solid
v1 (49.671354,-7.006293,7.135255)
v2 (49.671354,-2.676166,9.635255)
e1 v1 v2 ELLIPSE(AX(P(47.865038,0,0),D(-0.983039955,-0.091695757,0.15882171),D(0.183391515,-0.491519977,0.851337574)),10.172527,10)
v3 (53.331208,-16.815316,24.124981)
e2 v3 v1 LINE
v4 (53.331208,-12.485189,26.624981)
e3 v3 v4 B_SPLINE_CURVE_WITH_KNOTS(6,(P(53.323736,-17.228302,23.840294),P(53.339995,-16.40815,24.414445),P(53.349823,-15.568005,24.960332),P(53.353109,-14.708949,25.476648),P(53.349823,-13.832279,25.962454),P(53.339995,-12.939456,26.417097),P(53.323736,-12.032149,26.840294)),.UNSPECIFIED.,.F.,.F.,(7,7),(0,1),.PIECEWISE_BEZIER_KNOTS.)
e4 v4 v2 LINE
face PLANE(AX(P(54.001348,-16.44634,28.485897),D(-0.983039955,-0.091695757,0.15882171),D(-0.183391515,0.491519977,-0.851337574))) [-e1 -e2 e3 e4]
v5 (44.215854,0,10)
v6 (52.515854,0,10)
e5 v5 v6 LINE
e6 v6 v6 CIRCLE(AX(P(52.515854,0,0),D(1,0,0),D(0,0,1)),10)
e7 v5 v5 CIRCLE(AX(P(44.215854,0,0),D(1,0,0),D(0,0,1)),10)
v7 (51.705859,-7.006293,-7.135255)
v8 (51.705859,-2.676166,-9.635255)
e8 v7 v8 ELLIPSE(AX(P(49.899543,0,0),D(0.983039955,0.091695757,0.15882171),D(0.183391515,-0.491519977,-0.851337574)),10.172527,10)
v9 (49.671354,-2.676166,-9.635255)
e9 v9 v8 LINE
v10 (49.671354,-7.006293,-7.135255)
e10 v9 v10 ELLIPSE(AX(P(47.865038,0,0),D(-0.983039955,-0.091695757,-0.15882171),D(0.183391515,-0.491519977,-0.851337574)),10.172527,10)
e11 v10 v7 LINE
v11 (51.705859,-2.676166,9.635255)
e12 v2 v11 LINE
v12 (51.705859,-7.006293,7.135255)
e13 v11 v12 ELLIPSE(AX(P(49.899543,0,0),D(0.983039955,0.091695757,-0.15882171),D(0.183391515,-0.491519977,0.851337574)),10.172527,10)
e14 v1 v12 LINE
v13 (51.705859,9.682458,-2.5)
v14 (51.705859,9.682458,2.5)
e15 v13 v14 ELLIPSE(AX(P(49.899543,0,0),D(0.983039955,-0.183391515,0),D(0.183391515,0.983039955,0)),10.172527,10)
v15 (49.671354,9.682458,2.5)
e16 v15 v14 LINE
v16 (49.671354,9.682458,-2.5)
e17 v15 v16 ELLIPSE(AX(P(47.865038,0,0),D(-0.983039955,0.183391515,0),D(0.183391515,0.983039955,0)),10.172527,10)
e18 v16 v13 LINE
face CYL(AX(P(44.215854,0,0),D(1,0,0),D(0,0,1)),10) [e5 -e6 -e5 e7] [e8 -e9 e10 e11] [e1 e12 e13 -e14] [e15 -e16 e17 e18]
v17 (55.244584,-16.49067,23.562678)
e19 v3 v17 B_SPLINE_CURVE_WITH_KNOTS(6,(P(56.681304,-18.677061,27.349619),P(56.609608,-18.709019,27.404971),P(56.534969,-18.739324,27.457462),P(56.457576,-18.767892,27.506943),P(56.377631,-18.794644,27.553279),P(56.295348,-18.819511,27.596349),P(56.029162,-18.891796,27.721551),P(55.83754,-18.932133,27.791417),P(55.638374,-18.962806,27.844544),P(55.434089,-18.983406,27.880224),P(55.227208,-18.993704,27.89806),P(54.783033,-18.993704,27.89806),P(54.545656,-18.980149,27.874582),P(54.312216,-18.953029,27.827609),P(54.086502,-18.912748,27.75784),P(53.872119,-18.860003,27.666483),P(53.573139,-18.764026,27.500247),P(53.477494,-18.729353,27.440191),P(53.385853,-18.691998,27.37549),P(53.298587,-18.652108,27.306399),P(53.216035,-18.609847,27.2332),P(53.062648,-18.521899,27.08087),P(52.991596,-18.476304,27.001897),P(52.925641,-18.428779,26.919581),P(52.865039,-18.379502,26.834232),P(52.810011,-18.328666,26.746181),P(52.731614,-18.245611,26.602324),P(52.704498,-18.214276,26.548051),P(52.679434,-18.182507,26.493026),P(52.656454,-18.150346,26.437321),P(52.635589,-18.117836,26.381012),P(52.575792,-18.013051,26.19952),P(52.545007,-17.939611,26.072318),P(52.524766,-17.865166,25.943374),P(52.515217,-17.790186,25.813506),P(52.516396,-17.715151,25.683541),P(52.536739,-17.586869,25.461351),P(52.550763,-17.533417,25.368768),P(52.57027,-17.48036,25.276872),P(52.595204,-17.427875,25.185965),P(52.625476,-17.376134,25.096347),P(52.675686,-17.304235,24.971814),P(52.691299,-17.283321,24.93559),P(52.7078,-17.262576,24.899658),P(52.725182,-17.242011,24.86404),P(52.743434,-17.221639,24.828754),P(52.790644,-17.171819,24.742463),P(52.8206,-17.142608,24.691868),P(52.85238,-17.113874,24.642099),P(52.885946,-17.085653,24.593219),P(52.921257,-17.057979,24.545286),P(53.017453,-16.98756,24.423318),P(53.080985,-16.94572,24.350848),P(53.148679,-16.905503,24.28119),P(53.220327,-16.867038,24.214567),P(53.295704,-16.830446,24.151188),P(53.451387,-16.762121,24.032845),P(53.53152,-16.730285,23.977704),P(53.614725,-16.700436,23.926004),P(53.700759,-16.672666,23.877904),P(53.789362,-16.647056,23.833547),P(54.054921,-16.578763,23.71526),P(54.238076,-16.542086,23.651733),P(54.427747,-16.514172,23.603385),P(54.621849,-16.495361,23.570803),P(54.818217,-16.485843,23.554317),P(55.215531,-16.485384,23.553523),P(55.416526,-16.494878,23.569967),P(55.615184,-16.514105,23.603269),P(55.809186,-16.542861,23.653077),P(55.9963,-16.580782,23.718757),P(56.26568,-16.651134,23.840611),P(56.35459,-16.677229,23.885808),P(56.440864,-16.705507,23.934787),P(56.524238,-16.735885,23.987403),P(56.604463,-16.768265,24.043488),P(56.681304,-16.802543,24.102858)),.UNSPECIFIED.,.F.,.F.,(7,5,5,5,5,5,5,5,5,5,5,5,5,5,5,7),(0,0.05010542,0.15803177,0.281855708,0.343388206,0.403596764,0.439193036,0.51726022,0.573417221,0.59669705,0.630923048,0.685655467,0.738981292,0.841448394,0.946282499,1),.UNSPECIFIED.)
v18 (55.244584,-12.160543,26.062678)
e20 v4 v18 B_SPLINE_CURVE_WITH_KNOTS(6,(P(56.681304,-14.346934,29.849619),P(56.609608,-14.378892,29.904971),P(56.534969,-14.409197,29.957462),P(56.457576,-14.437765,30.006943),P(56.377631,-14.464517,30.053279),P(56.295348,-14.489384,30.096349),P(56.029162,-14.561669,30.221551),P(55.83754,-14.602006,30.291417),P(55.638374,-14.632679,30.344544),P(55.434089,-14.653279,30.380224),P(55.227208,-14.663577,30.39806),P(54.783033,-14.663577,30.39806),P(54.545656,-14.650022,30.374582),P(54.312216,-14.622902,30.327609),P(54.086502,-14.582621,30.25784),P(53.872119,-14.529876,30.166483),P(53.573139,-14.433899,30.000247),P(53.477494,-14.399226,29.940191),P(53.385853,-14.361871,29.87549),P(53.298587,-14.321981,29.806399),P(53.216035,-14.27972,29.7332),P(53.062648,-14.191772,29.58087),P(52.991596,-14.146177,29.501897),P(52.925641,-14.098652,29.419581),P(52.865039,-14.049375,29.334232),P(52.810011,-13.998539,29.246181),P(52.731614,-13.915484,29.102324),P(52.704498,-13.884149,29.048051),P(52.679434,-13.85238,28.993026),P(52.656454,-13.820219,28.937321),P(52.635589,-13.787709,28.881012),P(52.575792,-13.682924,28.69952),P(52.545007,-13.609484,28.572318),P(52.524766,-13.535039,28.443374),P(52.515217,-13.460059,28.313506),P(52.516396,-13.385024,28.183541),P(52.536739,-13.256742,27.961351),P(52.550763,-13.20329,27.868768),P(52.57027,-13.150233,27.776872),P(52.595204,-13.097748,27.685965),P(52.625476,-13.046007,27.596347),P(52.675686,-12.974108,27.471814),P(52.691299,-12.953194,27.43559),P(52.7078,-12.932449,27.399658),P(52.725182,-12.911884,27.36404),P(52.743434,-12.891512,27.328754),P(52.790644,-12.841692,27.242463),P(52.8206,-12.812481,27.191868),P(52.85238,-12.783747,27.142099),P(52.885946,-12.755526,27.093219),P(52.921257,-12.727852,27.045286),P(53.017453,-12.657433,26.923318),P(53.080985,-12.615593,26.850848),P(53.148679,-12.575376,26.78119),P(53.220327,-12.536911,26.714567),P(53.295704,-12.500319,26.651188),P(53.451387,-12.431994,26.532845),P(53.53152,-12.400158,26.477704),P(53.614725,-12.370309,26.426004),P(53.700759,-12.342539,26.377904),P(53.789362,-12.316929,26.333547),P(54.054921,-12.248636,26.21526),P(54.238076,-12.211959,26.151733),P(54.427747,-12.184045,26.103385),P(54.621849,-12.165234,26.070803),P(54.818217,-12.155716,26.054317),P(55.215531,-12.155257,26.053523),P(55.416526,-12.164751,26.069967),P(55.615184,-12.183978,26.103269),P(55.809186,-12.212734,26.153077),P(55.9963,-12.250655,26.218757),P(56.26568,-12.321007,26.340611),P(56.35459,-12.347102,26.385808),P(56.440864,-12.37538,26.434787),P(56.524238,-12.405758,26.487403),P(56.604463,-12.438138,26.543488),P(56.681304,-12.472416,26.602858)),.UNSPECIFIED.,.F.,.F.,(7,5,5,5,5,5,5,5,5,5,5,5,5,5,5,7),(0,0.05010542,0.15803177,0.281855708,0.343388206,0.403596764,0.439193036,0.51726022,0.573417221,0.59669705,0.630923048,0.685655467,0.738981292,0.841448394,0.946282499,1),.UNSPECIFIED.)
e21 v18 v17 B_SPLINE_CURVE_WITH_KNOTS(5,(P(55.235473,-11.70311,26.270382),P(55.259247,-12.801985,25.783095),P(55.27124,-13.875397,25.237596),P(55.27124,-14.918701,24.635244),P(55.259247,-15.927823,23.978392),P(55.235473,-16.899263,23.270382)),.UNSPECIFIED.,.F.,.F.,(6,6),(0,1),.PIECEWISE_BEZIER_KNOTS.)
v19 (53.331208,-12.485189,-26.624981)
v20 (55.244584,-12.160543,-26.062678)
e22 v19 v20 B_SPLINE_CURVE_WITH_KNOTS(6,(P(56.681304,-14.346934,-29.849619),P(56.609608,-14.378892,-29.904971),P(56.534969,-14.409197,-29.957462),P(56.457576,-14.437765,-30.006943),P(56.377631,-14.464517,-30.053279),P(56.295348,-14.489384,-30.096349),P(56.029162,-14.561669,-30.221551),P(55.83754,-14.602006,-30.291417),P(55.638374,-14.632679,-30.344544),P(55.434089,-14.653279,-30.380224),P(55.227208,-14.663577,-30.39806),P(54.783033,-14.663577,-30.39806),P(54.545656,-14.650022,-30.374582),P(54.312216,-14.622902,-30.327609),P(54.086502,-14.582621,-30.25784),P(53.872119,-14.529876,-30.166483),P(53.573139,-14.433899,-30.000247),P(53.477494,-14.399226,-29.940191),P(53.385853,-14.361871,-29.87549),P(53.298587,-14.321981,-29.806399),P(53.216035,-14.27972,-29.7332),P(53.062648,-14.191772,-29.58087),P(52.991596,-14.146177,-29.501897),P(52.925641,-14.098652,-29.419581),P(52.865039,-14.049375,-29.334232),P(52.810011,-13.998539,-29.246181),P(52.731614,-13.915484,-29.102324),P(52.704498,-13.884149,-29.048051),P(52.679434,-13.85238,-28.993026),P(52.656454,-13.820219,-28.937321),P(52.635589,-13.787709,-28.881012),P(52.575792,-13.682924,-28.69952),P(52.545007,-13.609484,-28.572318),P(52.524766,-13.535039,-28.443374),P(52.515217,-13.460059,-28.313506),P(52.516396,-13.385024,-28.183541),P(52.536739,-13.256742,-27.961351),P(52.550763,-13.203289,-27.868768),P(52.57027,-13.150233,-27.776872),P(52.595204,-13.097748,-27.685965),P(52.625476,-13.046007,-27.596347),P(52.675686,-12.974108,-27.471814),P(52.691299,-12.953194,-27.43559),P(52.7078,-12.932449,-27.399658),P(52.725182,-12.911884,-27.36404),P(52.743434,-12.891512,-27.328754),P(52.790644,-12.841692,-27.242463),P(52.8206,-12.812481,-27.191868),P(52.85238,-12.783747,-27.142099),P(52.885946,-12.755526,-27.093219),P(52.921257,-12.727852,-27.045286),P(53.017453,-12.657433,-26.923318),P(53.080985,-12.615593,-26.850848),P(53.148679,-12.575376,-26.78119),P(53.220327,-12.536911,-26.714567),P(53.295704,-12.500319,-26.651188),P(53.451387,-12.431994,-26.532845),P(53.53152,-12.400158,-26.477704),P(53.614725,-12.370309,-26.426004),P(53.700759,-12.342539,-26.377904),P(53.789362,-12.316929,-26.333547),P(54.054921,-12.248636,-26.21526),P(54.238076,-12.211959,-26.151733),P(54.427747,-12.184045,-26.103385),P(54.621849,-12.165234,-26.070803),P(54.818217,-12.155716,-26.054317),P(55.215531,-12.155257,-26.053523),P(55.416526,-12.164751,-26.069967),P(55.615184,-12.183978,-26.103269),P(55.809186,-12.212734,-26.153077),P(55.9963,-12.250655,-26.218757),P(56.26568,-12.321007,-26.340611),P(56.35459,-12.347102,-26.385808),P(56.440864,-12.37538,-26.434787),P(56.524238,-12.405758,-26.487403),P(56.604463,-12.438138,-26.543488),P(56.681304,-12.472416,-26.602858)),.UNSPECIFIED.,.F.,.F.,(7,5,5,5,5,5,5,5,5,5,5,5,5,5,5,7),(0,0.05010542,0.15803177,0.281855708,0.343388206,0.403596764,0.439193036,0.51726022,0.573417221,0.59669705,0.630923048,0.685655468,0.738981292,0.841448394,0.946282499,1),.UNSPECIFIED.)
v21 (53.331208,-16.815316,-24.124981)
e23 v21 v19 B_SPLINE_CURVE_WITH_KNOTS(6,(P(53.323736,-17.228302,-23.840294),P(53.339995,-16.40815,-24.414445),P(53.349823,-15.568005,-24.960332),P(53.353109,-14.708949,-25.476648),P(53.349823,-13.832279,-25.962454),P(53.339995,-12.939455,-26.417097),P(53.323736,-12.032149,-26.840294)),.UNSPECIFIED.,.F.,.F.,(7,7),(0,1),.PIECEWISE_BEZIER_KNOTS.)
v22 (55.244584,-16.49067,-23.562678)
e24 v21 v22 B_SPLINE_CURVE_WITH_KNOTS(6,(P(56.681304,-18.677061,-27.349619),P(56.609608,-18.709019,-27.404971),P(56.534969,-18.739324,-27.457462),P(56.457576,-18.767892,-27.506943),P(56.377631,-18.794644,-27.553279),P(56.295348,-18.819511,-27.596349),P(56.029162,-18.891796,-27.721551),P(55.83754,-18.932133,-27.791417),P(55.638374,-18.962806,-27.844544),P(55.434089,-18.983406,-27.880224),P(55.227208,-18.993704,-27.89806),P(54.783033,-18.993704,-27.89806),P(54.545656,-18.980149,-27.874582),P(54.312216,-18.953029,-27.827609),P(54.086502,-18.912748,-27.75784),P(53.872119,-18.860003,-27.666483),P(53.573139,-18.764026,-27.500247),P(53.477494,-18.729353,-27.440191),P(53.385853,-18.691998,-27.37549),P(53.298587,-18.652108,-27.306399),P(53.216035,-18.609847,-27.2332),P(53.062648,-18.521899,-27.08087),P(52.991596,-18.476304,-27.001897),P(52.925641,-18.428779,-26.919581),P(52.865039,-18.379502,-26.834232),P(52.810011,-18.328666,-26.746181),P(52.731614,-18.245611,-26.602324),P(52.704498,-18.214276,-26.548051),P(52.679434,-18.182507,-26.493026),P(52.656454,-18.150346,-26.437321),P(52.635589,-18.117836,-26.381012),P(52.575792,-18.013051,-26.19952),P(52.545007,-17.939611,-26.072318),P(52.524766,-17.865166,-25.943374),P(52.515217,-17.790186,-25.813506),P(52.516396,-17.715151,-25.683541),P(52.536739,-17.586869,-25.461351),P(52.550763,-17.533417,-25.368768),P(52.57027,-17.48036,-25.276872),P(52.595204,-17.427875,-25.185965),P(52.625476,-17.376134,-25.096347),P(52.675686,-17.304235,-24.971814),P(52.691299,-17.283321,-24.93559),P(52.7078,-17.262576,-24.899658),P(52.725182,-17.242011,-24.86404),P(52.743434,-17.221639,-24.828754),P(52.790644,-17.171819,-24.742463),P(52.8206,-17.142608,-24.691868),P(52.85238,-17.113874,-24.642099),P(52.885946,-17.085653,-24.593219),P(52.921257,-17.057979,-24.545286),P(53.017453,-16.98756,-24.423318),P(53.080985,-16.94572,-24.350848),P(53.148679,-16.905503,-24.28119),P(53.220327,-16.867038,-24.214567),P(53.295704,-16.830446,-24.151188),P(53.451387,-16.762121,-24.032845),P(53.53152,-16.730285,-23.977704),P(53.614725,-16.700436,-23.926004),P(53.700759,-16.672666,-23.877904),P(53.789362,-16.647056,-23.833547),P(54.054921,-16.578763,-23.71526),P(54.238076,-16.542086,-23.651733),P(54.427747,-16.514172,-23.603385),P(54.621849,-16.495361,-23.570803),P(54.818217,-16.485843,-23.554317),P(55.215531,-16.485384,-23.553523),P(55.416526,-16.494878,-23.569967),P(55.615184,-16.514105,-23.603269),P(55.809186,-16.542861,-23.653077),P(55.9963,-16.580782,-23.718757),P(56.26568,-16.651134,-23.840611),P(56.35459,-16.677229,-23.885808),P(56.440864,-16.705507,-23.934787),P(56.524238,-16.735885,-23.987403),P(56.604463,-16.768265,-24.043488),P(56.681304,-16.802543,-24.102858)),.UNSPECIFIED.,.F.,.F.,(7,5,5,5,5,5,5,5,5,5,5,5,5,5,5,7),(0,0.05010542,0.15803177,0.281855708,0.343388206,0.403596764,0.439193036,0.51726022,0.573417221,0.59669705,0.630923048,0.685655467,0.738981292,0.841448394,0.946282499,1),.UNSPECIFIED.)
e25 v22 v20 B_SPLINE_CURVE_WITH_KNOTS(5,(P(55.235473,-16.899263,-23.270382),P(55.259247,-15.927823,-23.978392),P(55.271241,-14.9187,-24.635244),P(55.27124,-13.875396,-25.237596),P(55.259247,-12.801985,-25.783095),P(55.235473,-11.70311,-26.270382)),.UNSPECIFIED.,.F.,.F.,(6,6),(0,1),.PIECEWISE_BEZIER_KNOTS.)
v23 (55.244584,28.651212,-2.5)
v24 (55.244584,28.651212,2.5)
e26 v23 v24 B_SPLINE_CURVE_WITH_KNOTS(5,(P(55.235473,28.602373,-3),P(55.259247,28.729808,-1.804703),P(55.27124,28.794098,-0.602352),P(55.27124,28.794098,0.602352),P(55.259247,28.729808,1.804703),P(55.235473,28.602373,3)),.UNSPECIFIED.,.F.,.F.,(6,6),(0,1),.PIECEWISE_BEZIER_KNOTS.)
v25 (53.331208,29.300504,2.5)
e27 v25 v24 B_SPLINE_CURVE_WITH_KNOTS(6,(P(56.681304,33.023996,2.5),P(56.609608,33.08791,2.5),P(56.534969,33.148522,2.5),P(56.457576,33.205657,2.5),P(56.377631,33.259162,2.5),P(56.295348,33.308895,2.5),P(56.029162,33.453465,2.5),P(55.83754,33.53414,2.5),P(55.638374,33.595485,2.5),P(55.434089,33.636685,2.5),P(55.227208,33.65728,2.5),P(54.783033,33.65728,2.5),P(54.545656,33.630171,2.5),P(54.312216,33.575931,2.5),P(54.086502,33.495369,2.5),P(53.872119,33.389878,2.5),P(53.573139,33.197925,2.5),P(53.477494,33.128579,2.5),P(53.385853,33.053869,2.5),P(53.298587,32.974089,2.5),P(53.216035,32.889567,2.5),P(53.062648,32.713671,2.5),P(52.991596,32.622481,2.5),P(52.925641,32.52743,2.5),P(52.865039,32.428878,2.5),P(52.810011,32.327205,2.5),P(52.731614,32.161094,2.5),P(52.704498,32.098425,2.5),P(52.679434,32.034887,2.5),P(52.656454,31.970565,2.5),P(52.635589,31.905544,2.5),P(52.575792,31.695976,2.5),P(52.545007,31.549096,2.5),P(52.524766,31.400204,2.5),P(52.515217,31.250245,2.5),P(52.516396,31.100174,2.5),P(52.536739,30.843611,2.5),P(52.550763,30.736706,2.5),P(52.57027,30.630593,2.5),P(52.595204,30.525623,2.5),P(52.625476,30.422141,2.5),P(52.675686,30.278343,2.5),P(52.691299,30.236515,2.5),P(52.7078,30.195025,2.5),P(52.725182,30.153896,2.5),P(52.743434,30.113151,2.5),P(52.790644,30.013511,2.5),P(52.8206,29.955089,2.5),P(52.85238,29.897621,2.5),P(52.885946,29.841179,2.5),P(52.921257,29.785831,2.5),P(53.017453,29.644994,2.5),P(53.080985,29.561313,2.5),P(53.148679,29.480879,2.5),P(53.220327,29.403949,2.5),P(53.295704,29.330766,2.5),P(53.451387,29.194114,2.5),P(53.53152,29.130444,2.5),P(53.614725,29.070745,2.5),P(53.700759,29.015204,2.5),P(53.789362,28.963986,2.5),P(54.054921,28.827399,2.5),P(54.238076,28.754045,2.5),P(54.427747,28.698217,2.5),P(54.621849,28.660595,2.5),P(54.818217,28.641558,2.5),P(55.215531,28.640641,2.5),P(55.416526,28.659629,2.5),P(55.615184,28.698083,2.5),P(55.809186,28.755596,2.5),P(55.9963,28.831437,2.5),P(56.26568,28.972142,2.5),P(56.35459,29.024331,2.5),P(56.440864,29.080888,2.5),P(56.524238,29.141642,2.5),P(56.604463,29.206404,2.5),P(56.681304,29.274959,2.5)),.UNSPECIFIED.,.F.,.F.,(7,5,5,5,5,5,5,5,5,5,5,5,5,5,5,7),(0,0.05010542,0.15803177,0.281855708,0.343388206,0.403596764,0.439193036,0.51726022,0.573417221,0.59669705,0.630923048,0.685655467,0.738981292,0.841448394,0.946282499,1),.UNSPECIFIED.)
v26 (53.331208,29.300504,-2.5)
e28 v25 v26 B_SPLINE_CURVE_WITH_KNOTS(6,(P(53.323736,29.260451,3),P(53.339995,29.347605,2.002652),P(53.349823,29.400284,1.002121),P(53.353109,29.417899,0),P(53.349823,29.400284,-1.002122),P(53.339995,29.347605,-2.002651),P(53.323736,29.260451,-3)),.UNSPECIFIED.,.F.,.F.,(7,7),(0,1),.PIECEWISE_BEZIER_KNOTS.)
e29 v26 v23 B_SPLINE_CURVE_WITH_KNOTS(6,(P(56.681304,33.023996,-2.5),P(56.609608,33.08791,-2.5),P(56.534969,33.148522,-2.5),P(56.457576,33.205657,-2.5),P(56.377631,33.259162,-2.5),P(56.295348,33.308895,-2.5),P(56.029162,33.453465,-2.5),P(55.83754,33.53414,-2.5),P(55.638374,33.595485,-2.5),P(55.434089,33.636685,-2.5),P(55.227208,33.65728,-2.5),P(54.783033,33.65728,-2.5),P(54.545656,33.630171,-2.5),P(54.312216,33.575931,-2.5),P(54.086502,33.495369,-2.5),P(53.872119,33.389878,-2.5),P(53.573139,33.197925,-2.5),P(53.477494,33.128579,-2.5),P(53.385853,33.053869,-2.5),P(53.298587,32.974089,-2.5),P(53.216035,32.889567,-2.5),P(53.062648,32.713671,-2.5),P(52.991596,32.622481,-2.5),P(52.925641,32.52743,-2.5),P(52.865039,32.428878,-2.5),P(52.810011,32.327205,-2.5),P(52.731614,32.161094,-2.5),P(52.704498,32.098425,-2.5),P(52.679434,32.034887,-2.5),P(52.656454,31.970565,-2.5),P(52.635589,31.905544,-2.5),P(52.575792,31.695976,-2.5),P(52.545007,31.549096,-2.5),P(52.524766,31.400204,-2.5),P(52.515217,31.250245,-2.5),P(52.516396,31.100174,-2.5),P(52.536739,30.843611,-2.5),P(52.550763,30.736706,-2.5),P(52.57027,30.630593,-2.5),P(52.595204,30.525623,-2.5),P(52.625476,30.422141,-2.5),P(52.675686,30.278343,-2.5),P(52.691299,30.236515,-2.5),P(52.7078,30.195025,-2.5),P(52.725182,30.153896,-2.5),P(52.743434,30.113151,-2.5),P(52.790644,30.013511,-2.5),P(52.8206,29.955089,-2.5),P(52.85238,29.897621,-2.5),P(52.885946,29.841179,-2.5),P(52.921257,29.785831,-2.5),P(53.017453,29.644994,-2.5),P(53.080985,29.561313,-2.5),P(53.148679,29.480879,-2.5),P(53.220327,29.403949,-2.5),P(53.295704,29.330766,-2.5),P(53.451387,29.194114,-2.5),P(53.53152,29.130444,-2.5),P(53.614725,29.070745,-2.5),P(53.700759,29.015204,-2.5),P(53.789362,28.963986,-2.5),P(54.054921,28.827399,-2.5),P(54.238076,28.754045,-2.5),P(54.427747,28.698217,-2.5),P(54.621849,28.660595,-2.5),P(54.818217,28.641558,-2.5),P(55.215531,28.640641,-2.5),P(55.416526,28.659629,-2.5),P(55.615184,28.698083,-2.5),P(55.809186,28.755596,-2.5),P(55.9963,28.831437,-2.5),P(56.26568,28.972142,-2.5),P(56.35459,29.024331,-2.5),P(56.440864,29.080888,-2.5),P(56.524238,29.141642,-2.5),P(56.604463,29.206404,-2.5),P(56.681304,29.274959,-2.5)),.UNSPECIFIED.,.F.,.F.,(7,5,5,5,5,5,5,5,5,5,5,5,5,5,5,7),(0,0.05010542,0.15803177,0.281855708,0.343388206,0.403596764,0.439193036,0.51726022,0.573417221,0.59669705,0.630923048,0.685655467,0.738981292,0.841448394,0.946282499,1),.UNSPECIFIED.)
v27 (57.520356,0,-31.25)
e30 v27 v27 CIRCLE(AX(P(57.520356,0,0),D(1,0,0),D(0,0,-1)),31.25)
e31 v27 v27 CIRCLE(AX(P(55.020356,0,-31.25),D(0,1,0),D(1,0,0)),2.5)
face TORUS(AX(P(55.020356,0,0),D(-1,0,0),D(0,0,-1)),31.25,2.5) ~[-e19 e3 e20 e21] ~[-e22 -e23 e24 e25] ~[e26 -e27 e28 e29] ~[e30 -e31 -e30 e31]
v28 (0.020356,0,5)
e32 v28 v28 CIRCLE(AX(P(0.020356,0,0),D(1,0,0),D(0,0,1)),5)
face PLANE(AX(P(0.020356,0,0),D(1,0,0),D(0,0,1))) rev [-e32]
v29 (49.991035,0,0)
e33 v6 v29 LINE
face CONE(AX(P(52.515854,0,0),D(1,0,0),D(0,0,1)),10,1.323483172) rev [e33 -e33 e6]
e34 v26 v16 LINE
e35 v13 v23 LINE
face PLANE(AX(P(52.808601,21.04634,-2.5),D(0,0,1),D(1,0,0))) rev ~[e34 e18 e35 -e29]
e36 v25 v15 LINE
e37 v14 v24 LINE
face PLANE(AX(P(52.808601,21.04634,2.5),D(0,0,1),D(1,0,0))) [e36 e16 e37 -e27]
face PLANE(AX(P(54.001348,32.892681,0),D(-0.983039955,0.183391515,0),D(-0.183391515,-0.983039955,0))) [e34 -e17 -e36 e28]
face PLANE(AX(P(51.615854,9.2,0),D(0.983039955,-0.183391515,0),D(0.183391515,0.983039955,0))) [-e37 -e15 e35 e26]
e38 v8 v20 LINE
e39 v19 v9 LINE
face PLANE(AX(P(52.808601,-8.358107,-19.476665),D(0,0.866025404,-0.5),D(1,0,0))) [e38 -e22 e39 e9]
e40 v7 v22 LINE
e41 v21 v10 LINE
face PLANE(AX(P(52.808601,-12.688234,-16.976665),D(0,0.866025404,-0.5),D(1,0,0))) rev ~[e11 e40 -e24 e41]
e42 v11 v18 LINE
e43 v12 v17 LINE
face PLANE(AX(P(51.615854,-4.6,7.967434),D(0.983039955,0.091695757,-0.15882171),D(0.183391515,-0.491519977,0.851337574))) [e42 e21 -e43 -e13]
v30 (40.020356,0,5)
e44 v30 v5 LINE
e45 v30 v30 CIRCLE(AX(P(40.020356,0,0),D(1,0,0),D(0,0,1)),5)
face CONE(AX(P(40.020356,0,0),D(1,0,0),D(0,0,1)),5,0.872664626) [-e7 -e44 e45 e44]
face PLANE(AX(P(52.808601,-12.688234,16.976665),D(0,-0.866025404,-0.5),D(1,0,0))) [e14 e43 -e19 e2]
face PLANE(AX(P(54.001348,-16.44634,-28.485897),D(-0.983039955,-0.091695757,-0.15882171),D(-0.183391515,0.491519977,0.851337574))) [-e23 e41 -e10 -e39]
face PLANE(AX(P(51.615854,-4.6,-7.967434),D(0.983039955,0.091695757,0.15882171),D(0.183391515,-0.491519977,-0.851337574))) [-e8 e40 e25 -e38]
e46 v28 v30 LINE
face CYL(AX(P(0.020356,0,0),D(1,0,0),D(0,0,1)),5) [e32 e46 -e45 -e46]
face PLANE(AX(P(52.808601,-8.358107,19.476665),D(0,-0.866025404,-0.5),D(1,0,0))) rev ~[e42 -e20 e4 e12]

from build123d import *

# Parameters (mm, degrees)
SKETCH2_R           = 2.5
BOSS_EXTRUDE1_DEPTH = 2.5
CIRPATTERN1_COUNT   = 3


with BuildPart() as part:
    # Sketch1 → Revolve1 (revolve)
    with BuildSketch(Plane.XY, mode=Mode.PRIVATE) as revolve1_sk:
        Polygon((0.020355571, 0), (0.020355571, 5), (40.020355571, 5), (44.215853727, 10), (52.515853727, 10), (49.991035221, 0), align=None)
    revolve(revolve1_sk.sketch.rotate(Axis((49.991035221, 0, 0), (1, 0, 0)), 90), axis=Axis((49.991035221, 0, 0), (1, 0, 0)))



with BuildPart() as body_2:
    # Sketch2 → Revolve2 (revolve)
    with BuildSketch(Plane.XY, mode=Mode.PRIVATE) as revolve2_sk:
        with Locations((55.020355571, 31.25)):
            Circle(SKETCH2_R)
    revolve(revolve2_sk.sketch.rotate(Axis((-18.289344111, 0, 0), (1, 0, 0)), 270), axis=Axis((-18.289344111, 0, 0), (1, 0, 0)))


with BuildPart() as part_1:
    add(part.part)

    add(body_2.part)  # Boss-Extrude1 merges body 2
    # Sketch3 → Boss-Extrude1 (add, symmetric)
    with BuildSketch(Plane.XY):
        Polygon((49.581348424, 9.2), (51.615853727, 9.2), (56.035853727, 32.892680706), (54.001348424, 32.892680706), align=None)
    boss_extrude1 = extrude(amount=BOSS_EXTRUDE1_DEPTH, both=True)

    # CirPattern1: Boss-Extrude1 ×3 about axis
    cirpattern1_axis = Axis((0, 0, 0), (1, 0, 0))
    for i in range(1, CIRPATTERN1_COUNT):
        add(boss_extrude1.rotate(cirpattern1_axis, i * 360 / CIRPATTERN1_COUNT))


solid = part_1.part
